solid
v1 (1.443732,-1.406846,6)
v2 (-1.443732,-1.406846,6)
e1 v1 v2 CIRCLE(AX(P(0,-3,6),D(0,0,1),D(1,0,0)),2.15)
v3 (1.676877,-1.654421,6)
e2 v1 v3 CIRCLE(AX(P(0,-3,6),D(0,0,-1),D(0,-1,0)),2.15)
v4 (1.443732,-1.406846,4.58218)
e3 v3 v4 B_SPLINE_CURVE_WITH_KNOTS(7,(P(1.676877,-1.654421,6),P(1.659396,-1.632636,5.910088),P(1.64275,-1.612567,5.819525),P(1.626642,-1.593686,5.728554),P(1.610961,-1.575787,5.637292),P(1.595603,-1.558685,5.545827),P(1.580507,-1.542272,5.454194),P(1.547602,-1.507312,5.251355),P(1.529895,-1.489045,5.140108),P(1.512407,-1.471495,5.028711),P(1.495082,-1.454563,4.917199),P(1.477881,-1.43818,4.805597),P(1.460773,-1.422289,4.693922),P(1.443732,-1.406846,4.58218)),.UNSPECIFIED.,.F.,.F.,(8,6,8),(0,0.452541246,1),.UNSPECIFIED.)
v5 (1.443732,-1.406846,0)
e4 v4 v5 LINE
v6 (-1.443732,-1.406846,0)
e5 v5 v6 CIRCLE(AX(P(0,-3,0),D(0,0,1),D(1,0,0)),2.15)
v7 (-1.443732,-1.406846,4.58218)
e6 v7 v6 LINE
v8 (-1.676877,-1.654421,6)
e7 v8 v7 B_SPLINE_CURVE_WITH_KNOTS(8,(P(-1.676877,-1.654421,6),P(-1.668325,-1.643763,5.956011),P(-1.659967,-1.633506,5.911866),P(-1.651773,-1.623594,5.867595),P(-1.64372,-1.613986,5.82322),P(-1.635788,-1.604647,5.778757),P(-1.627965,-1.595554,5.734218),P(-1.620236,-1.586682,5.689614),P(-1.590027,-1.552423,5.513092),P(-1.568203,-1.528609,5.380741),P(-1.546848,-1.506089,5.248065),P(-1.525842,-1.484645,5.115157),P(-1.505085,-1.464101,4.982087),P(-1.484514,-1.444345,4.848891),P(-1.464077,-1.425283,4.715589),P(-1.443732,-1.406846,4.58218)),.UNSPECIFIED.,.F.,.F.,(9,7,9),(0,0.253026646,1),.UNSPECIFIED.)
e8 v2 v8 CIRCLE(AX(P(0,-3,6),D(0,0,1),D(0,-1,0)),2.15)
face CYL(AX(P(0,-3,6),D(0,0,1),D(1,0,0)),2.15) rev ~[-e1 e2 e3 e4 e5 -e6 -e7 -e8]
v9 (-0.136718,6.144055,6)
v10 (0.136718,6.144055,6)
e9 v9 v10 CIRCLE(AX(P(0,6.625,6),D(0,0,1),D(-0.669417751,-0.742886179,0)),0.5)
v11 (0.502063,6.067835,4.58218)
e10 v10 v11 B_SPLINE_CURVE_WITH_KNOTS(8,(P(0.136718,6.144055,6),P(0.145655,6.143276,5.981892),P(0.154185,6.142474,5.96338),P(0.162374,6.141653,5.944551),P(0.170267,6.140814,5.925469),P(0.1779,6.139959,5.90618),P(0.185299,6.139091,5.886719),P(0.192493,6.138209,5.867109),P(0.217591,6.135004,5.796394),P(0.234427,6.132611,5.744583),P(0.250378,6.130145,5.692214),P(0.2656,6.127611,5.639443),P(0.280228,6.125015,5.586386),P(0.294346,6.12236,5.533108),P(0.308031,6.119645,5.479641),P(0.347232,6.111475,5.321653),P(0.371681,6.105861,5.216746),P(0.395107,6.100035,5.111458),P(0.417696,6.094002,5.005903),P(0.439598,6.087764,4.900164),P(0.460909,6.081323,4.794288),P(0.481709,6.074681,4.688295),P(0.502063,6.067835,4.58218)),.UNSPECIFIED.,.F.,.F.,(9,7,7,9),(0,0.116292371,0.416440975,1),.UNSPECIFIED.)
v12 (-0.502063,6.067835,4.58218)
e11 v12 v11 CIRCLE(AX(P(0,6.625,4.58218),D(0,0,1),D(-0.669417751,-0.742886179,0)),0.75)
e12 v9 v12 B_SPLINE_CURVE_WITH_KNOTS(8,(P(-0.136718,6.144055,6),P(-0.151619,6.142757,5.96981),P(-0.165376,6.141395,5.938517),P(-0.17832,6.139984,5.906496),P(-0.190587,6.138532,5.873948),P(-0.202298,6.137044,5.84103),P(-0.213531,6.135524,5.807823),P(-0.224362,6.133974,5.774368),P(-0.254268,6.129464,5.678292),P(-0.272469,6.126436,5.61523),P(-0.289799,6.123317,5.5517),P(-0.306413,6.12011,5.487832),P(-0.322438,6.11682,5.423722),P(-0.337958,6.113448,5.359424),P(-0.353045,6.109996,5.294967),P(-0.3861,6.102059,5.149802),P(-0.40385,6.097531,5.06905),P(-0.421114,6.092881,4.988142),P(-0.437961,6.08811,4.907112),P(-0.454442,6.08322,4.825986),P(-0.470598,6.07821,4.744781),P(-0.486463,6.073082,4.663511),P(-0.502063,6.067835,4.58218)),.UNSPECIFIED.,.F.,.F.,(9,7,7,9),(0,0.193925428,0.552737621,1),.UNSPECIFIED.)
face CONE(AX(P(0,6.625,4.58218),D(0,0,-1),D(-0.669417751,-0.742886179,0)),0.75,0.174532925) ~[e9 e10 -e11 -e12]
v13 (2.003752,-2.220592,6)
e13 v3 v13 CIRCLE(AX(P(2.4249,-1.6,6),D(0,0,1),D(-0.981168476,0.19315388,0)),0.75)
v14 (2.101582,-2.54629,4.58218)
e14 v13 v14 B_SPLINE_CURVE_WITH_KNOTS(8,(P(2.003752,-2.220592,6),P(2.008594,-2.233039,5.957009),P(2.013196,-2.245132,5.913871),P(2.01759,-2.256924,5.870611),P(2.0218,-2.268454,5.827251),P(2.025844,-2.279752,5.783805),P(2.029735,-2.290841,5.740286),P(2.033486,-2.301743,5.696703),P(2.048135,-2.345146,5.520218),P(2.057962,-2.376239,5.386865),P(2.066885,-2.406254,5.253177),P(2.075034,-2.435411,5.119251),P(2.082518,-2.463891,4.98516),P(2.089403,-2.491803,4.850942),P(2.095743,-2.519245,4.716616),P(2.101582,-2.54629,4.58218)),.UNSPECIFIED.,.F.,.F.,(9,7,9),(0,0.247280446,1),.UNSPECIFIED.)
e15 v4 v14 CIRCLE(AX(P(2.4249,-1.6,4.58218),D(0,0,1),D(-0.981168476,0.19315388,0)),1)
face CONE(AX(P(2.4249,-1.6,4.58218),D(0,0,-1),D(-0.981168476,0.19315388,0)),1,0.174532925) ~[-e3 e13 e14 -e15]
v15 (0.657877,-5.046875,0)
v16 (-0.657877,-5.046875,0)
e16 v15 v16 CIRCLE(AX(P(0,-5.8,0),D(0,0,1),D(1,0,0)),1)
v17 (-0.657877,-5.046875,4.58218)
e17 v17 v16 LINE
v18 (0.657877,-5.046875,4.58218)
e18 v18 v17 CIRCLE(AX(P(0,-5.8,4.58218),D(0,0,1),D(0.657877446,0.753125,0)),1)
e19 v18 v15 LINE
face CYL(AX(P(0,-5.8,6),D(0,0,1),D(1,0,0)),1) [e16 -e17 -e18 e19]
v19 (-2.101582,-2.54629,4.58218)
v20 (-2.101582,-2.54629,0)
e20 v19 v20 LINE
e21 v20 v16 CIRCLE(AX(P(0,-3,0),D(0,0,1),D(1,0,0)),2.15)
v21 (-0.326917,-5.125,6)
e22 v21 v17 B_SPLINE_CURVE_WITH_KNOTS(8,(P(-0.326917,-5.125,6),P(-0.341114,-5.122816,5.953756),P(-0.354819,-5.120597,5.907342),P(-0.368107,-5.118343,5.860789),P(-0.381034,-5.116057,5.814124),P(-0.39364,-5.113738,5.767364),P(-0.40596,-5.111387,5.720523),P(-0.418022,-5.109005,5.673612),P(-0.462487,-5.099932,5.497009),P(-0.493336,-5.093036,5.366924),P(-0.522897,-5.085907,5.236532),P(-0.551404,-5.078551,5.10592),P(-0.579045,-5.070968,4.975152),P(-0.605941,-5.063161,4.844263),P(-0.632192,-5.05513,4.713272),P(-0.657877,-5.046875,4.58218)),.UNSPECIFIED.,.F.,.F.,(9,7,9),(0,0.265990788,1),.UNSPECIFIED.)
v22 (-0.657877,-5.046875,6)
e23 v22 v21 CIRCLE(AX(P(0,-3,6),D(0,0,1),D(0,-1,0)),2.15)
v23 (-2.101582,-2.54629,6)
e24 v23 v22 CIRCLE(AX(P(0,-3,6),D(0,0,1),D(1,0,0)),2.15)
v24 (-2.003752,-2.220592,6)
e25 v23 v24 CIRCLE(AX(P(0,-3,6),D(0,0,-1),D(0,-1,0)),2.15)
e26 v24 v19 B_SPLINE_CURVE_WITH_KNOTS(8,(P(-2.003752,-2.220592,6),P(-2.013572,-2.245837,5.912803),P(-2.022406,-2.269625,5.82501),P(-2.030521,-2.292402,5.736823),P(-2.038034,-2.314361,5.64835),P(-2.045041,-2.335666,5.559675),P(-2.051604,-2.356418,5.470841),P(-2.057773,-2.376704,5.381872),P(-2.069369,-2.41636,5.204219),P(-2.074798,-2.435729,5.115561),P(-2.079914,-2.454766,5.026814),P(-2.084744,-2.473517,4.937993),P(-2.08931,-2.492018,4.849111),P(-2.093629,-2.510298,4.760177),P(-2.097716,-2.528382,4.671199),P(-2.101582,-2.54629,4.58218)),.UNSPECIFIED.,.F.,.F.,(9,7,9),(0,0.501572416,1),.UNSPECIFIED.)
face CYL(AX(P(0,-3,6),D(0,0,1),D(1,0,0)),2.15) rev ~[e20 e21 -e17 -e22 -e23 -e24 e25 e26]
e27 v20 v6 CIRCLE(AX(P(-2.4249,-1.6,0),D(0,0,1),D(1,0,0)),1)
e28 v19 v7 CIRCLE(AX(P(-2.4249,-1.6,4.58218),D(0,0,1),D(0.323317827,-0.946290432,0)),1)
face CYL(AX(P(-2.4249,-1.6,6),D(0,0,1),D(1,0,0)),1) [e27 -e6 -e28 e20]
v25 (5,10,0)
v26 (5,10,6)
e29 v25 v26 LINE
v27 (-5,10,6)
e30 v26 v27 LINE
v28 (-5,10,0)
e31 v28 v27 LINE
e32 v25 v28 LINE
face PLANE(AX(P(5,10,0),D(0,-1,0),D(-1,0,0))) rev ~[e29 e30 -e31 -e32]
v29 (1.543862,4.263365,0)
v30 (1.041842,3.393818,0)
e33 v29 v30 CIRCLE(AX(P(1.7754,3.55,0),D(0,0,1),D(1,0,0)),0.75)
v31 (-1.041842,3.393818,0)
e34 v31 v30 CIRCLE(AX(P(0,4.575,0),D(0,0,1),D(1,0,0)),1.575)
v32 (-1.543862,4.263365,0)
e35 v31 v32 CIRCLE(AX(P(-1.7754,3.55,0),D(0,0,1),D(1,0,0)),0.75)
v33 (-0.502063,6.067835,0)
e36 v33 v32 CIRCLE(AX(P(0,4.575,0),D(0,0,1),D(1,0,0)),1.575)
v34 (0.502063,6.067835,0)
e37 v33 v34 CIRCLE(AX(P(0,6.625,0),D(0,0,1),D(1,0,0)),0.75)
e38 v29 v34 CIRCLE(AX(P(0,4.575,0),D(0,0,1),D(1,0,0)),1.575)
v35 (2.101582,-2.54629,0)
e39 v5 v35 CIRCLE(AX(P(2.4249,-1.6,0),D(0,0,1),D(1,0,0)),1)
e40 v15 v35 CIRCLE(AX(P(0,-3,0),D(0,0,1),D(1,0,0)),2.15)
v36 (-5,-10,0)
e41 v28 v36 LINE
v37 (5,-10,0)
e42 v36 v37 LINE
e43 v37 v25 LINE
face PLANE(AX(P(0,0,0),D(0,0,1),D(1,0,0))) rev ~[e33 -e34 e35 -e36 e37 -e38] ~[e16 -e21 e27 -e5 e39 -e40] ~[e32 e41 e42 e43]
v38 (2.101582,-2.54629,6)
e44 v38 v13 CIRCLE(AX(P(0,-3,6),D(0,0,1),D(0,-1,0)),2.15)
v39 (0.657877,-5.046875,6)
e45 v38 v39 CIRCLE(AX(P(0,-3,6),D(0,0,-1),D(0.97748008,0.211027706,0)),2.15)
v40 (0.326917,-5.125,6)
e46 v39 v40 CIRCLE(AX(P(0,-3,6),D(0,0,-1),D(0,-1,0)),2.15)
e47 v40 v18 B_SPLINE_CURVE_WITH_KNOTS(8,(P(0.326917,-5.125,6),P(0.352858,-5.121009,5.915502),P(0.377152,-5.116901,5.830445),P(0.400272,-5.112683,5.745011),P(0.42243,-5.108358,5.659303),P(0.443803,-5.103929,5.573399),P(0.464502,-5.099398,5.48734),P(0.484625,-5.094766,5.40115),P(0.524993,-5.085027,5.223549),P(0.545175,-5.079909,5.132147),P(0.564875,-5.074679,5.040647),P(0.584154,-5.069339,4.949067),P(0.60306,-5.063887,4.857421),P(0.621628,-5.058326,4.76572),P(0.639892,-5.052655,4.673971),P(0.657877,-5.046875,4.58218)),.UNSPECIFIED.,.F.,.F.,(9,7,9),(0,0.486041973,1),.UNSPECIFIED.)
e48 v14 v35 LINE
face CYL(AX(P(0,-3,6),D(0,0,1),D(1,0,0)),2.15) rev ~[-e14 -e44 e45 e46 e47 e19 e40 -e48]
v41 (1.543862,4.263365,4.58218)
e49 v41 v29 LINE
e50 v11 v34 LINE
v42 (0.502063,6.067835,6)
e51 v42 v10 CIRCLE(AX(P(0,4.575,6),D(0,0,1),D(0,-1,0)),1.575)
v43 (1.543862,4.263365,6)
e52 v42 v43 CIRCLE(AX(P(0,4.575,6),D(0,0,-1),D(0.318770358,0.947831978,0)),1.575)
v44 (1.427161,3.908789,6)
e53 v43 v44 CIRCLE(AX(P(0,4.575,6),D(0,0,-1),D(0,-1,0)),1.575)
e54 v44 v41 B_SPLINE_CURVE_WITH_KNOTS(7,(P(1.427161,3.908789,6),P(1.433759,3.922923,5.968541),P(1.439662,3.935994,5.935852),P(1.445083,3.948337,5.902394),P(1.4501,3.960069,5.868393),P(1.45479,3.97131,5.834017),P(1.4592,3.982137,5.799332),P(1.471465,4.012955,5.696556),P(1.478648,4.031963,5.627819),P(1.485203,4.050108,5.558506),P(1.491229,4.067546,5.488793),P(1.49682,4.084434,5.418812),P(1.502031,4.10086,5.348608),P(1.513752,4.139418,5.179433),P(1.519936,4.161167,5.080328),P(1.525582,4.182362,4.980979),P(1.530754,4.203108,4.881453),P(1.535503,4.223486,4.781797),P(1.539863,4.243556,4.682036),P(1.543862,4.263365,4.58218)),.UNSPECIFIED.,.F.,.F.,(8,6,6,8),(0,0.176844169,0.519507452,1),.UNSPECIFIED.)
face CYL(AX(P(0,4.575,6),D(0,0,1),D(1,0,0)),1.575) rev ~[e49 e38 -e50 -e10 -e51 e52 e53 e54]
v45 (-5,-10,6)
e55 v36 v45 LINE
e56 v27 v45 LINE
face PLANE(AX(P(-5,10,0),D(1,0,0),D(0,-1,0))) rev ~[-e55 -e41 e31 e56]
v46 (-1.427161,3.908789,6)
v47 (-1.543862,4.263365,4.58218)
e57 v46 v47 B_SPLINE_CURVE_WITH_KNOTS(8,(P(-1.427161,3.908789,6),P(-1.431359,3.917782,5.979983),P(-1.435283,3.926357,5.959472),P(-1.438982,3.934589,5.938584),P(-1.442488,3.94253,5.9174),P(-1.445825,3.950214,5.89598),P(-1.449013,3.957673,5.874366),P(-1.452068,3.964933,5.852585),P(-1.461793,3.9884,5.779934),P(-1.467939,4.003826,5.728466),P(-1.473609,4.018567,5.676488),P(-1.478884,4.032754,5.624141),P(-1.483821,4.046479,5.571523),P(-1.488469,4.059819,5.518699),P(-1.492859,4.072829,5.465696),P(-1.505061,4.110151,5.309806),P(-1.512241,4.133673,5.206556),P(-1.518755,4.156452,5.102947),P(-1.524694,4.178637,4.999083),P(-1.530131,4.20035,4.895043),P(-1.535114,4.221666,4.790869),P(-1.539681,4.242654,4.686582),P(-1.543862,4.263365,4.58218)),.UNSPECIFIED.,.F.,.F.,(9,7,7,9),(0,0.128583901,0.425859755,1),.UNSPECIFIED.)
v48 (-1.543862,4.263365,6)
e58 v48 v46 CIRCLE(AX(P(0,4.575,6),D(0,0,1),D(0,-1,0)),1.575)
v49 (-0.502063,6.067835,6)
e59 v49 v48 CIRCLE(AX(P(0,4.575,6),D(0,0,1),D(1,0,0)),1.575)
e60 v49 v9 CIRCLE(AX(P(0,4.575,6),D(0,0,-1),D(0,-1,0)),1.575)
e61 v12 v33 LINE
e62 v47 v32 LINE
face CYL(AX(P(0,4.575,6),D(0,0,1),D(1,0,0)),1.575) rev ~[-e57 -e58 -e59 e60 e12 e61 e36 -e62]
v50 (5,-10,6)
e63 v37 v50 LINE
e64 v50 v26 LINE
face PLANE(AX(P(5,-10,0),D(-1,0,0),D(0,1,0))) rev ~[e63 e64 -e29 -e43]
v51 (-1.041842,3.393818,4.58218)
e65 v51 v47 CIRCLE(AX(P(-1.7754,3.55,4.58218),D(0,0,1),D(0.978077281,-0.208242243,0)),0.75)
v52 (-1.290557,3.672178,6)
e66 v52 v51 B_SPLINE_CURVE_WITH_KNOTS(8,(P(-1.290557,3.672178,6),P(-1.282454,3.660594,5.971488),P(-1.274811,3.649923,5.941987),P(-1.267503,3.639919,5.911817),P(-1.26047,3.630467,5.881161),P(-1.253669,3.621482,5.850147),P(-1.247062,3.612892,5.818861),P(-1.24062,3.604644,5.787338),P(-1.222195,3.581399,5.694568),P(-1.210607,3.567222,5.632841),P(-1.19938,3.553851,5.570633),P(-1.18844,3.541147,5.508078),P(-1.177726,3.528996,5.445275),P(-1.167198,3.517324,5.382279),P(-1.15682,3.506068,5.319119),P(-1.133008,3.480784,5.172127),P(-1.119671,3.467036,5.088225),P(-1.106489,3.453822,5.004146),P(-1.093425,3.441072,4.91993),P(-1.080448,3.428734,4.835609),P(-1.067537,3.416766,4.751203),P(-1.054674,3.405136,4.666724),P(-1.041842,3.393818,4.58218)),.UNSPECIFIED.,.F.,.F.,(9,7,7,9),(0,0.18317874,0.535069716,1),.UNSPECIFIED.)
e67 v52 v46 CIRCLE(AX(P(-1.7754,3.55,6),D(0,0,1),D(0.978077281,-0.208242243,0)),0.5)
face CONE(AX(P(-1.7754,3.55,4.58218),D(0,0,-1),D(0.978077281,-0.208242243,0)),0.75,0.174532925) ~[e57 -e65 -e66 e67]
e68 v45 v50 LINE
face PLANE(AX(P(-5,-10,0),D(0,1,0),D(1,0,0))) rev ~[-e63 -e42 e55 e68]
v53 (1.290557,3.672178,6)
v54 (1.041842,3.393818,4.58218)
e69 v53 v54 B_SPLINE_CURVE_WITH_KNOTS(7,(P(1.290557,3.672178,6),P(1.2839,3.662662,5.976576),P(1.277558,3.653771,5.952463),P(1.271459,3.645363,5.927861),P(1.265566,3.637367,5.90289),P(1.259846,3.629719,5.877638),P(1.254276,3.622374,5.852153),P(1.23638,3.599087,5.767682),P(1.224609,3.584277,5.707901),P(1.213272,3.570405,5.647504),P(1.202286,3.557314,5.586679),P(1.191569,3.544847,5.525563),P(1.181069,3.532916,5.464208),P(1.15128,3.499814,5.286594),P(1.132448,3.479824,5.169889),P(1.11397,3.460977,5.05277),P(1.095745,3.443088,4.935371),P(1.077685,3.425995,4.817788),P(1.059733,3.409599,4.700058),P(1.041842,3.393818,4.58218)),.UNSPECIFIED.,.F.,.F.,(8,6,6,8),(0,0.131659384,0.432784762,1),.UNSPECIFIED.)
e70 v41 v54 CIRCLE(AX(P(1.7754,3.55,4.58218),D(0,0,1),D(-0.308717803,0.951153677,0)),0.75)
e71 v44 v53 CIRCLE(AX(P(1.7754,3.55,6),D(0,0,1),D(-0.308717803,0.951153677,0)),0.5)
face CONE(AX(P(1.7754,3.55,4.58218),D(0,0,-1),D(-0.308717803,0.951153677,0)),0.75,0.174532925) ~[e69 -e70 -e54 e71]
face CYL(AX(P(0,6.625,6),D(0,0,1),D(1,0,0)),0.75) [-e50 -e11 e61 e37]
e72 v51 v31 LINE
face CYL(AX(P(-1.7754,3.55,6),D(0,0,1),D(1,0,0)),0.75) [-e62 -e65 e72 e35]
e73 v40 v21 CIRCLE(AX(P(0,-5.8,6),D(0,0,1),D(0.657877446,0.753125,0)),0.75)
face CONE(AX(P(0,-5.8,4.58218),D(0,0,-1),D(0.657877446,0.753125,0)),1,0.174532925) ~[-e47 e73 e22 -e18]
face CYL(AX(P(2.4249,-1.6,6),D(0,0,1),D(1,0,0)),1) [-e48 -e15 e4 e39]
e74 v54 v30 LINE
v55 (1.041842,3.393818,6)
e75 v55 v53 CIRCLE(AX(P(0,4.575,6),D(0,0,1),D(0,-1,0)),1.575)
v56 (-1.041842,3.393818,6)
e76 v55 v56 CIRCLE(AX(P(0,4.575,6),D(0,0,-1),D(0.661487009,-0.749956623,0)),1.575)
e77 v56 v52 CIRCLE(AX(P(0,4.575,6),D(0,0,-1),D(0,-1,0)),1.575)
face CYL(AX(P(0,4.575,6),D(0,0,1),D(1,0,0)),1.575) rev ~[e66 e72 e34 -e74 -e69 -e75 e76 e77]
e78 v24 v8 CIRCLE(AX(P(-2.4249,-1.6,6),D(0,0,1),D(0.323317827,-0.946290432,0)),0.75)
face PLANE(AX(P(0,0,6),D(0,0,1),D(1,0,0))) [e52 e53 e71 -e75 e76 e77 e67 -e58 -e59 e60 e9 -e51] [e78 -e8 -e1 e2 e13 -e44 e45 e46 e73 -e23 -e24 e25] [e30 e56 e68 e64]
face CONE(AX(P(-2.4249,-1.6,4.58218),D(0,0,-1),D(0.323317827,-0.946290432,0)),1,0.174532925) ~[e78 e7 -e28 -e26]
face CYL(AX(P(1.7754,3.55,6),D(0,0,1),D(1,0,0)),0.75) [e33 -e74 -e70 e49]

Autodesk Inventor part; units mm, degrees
ref_plane "YZ Plane" through (0, 0, 0) normal (1, 0, 0) x (0, 1, 0)
ref_plane "XZ Plane" through (0, 0, 0) normal (0, 1, 0) x (-1, 0, 0)
ref_plane "XY Plane" through (0, 0, 0) normal (0, 0, 1) x (1, 0, 0)
sketch "Sketch1" plane through (0, 0, 0) normal (0, 0, 1) x (1, 0, 0)
  line L0 (-5, -10) -> (5, -10)
  line L1 (5, -10) -> (5, 10)
  line L2 (5, 10) -> (-5, 10)
  line L3 (-5, 10) -> (-5, -10)
  line L4 (-5, -10) -> (5, 10) construction
  line L5 (5, -10) -> (-5, 10) construction
  circle A0 centre (-10.5904, 5.4479) radius 1.6
  circle A1 centre (-8.5404, 5.4479) radius 0.75
  point P0 (0, 0)
  point P1 (-9.0782, 4.9252)
  point P2 (-9.0782, 5.9707)
  dimension "d0" = 3.2
  dimension "d1" = 2.05
  dimension "d2" = 1.5
  dimension "d29" = 10
  dimension "d30" = 20
extrude "Extrusion1" add sketch "Sketch1" along normal blind 6 contours L3 L2 L1 L0
sketch "Sketch2" plane through (0, 0, 6) normal (0, 0, 1) x (1, 0, 0)
  circle A0 centre (0, 4.575) radius 1.575
  line L0 (0, 4.575) -> (0, 6.625)
  circle A1 centre (0, 6.625) radius 0.75
  circle A2 centre (-1.7754, 3.55) radius 0.75
  circle A3 centre (1.7754, 3.55) radius 0.75
  line L1 (0, 0) -> (0, 3)
  circle A4 centre (0, -3) radius 2.15
  line L2 (0, -3) -> (0, -5.8)
  circle A5 centre (0, -5.8) radius 1
  circle A6 centre (2.4249, -1.6) radius 1
  circle A7 centre (-2.4249, -1.6) radius 1
  point P0 (1.0418, 3.3938)
  point P1 (1.5439, 4.2634)
  point P2 (0.5021, 6.0678)
  point P3 (-0.5021, 6.0678)
  point P4 (-1.5439, 4.2634)
  point P5 (-1.0418, 3.3938)
  point P6 (-1.4437, -1.4068)
  point P7 (-2.1016, -2.5463)
  point P8 (-0.6579, -5.0469)
  point P9 (0.6579, -5.0469)
  point P10 (2.1016, -2.5463)
  point P11 (1.4437, -1.4068)
  dimension "d5" = 3.15
  dimension "d6" = 2.05
  dimension "d7" = 1.5
  dimension "d10" = 360
  dimension "d17" = 3
  dimension "d18" = 4.3
  dimension "d19" = 2.8
  dimension "d20" = 2
  dimension "d21" = 3
  dimension "d24" = 360
extrude "Extrusion2" cut sketch "Sketch2" against normal blind 10 contours A0 A3 A2 A1 | A4 A5 A7 A6
chamfer "Chamfer1" distance 0.25 angle 80 3 edges at (0, 5.875, 6) (-1.1258, 3.925, 6) (1.1258, 3.925, 6) measured on face at (-4.0339, -0.8488, 6)
chamfer "Chamfer2" distance 0.25 angle 80 3 edges at (-1.5588, -2.1, 6) (1.5588, -2.1, 6) (0, -4.8, 6) measured on face at (-4.0339, -0.8488, 6)
properties part number "Tolerance_test"
